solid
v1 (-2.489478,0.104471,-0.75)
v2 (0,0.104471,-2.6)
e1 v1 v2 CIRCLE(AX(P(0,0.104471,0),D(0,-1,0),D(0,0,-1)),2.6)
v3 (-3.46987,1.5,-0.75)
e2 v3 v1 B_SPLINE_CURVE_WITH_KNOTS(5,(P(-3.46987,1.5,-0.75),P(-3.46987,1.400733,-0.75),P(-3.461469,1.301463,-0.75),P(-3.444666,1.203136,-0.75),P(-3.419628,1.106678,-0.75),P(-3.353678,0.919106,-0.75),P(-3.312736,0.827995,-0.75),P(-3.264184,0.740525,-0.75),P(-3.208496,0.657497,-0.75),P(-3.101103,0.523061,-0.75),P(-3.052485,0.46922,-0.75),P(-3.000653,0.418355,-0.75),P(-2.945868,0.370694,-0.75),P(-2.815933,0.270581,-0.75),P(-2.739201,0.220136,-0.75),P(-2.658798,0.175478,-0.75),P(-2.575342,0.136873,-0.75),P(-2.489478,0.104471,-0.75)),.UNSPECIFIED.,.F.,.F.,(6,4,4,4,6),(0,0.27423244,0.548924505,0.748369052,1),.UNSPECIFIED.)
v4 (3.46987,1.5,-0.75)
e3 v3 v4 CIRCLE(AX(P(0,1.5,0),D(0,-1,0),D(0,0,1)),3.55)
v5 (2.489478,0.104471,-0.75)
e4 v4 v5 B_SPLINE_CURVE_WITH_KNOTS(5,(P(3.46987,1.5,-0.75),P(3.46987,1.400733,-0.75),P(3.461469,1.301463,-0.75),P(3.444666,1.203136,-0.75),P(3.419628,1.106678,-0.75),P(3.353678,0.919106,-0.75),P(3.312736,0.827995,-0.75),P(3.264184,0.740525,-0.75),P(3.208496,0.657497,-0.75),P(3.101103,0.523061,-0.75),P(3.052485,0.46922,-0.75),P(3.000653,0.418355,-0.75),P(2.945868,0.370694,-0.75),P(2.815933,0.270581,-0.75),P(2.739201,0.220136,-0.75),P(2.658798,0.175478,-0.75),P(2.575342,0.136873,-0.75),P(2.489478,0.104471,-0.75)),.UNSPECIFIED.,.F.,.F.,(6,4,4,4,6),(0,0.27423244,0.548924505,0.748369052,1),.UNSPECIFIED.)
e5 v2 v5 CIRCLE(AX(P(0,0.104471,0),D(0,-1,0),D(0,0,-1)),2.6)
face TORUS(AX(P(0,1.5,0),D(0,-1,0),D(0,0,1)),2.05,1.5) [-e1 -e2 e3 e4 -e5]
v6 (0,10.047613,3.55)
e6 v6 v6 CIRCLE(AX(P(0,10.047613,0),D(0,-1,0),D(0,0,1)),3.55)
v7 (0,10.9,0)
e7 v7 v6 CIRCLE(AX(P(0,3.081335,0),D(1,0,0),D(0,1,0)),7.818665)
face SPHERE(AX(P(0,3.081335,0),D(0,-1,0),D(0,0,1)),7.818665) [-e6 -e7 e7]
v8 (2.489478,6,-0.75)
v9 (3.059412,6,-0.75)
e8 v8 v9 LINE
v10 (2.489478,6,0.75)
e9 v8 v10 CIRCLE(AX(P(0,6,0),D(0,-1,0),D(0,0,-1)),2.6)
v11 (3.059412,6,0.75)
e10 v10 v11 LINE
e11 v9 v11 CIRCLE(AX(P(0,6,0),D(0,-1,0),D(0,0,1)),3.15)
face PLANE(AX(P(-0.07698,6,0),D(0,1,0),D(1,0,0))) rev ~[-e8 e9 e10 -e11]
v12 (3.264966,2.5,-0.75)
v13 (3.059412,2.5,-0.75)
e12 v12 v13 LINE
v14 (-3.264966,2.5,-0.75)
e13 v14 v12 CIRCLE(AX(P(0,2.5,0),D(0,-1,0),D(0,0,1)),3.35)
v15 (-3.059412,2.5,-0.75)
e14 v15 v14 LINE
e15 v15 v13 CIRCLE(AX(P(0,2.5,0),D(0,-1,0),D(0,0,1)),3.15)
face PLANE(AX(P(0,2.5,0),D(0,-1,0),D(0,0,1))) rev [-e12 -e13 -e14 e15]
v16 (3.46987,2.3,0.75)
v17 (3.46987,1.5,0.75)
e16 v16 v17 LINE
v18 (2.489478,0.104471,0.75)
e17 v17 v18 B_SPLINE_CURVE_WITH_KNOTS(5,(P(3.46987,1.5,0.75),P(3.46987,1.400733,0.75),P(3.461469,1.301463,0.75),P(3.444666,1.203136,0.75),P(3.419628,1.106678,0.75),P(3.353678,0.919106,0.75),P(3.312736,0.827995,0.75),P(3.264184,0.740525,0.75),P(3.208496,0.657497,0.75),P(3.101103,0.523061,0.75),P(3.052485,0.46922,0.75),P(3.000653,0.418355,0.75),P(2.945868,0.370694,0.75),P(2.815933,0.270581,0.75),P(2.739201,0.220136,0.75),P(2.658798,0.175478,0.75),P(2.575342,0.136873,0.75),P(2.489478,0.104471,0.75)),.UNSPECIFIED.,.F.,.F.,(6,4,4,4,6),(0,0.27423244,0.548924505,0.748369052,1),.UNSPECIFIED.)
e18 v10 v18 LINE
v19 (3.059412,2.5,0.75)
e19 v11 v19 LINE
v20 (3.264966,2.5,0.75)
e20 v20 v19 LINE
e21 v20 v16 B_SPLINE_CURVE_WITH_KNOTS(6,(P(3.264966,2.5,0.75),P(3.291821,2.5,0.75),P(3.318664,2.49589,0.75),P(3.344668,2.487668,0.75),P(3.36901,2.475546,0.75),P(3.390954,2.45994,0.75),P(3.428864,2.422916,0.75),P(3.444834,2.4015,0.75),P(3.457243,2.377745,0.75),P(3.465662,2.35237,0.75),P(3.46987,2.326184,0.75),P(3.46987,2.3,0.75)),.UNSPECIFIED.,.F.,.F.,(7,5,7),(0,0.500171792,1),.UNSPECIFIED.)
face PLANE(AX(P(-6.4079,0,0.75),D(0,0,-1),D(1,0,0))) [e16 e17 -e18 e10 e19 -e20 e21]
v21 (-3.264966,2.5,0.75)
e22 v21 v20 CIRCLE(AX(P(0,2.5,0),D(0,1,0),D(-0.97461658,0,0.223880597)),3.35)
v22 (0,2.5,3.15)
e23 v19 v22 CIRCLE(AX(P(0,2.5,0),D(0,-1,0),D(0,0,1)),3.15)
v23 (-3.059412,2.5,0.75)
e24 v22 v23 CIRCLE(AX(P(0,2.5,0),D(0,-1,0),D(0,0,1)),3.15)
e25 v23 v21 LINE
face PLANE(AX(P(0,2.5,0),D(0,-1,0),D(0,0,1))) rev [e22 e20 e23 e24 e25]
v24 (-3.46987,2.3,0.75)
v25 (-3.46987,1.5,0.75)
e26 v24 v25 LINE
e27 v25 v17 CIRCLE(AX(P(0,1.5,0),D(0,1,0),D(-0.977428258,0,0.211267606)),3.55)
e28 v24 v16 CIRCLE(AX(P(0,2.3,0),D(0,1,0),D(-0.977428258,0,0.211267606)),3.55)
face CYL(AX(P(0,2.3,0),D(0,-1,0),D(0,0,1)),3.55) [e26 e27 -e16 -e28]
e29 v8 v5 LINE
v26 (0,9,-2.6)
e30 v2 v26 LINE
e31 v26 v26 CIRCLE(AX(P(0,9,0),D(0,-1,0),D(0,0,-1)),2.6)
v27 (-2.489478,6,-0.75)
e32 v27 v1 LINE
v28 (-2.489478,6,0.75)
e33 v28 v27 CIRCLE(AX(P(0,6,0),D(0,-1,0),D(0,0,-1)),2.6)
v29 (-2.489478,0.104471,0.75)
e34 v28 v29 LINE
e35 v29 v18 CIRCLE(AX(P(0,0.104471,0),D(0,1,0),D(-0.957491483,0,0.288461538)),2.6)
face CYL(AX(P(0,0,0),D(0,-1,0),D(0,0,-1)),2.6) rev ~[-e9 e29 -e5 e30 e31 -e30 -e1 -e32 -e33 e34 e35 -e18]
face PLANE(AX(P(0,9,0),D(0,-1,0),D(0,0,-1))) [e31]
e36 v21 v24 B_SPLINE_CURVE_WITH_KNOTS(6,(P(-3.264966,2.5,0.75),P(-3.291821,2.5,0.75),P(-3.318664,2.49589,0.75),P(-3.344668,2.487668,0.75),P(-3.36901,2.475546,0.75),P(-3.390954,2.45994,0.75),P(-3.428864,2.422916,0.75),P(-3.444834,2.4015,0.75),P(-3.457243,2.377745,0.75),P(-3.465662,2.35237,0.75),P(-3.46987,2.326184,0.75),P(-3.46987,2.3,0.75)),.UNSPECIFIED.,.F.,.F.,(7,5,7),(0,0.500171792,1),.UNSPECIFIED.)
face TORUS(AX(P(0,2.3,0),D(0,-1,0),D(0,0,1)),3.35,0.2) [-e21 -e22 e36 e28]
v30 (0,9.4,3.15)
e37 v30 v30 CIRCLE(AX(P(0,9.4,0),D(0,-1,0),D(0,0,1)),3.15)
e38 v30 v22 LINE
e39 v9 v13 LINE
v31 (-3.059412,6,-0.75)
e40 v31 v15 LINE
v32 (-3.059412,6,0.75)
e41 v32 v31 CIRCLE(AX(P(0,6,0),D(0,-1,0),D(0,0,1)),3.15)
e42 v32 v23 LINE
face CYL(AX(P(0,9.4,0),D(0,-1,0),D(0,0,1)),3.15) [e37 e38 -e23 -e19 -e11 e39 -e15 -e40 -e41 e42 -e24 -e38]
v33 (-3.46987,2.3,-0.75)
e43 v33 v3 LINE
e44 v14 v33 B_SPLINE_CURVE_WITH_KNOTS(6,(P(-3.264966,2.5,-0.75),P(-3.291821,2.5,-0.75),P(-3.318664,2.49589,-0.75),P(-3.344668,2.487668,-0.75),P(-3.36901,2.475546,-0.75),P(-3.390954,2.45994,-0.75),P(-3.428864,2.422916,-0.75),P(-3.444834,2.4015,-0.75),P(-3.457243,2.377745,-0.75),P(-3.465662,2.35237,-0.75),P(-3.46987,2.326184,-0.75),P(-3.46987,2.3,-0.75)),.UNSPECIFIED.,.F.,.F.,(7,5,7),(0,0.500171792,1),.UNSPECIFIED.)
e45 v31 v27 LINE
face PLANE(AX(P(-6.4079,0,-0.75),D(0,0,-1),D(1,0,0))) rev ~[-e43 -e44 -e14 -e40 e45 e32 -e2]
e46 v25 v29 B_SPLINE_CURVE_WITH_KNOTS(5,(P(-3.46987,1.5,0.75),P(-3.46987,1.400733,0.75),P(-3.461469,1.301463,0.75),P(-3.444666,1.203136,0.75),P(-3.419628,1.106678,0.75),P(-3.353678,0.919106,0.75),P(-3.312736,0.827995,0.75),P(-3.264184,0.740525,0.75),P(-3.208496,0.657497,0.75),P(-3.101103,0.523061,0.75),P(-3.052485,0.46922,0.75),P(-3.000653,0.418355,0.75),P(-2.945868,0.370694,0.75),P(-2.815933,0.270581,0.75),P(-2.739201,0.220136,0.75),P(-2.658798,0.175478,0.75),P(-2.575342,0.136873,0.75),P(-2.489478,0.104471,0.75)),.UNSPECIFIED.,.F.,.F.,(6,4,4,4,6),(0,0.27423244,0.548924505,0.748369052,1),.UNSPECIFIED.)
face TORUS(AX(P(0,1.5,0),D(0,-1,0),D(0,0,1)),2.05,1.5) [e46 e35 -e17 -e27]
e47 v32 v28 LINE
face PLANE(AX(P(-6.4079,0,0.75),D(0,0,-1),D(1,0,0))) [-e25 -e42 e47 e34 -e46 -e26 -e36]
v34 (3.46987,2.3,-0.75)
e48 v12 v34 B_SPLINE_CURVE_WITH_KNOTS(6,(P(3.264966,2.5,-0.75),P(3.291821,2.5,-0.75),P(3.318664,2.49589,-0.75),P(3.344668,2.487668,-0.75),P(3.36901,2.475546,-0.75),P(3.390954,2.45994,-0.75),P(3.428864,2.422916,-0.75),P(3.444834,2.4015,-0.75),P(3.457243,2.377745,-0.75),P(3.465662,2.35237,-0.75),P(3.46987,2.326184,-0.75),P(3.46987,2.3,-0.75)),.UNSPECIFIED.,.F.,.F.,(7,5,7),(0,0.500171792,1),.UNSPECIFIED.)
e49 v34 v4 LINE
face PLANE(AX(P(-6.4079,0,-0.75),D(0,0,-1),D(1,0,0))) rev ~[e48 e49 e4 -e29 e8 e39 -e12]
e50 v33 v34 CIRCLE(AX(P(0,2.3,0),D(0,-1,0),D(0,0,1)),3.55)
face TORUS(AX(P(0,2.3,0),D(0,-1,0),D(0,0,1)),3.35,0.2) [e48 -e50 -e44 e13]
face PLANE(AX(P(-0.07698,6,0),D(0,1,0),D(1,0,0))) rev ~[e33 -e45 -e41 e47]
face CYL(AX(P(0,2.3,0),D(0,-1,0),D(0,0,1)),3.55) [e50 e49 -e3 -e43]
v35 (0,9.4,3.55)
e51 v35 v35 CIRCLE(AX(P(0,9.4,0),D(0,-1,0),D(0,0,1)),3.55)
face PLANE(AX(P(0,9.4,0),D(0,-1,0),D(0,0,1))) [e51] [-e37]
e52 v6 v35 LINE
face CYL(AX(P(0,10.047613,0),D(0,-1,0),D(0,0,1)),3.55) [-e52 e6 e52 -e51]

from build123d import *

# Parameters (mm, degrees)
SKETCH_4_R          = 2.6
CUT_EXTRUDE_1_DEPTH = 9
SKETCH_5_W          = 12.661838947
SKETCH_5_H          = 1.5
CUT_EXTRUDE_3_DEPTH = 6


with BuildPart() as part:
    # 草图3 → 旋转1 (revolve)
    with BuildSketch(Plane(origin=(0, 0, 0), x_dir=(0, 0, -1), z_dir=(1, 0, 0)), mode=Mode.PRIVATE) as revolve_1_sk:
        with BuildLine():
            Line((3.55, 10.047612555), (3.55, 9.4))
            Line((3.55, 9.4), (3.15, 9.4))
            Line((3.15, 9.4), (3.15, 2.5))
            Line((3.15, 2.5), (3.35, 2.5))
            ThreePointArc((3.35, 2.5), (3.491421356, 2.441421356), (3.55, 2.3))
            Line((3.55, 2.3), (3.55, 1.5))
            ThreePointArc((3.55, 1.5), (3.110660172, 0.439339828), (2.05, 0))
            Line((2.05, 0), (0, 0))
            Line((0, 0), (0, 10.9))
            ThreePointArc((0, 10.9), (1.825449558, 10.683917222), (3.55, 10.047612555))
        make_face()
    revolve(revolve_1_sk.sketch.rotate(Axis((0, 28.211895781, 0), (0, -1, 0)), 180), axis=Axis((0, 28.211895781, 0), (0, -1, 0)))

    # 草图4 → 切除-拉伸1 (cut)
    with BuildSketch(Plane.XZ):
        with Locations(Location((0, 0, 0), (0, 0, 270))):
            Circle(SKETCH_4_R)
    extrude(amount=-CUT_EXTRUDE_1_DEPTH, mode=Mode.SUBTRACT)

    # 草图5 → 切除-拉伸3 (cut)
    with BuildSketch(Plane(origin=(0, 0, 0), x_dir=(1, 0, 0), z_dir=(0, 1, 0))):
        with Locations((-0.07698047, 0)):
            Rectangle(SKETCH_5_W, SKETCH_5_H)
    extrude(amount=CUT_EXTRUDE_3_DEPTH, mode=Mode.SUBTRACT)


solid = part.part
